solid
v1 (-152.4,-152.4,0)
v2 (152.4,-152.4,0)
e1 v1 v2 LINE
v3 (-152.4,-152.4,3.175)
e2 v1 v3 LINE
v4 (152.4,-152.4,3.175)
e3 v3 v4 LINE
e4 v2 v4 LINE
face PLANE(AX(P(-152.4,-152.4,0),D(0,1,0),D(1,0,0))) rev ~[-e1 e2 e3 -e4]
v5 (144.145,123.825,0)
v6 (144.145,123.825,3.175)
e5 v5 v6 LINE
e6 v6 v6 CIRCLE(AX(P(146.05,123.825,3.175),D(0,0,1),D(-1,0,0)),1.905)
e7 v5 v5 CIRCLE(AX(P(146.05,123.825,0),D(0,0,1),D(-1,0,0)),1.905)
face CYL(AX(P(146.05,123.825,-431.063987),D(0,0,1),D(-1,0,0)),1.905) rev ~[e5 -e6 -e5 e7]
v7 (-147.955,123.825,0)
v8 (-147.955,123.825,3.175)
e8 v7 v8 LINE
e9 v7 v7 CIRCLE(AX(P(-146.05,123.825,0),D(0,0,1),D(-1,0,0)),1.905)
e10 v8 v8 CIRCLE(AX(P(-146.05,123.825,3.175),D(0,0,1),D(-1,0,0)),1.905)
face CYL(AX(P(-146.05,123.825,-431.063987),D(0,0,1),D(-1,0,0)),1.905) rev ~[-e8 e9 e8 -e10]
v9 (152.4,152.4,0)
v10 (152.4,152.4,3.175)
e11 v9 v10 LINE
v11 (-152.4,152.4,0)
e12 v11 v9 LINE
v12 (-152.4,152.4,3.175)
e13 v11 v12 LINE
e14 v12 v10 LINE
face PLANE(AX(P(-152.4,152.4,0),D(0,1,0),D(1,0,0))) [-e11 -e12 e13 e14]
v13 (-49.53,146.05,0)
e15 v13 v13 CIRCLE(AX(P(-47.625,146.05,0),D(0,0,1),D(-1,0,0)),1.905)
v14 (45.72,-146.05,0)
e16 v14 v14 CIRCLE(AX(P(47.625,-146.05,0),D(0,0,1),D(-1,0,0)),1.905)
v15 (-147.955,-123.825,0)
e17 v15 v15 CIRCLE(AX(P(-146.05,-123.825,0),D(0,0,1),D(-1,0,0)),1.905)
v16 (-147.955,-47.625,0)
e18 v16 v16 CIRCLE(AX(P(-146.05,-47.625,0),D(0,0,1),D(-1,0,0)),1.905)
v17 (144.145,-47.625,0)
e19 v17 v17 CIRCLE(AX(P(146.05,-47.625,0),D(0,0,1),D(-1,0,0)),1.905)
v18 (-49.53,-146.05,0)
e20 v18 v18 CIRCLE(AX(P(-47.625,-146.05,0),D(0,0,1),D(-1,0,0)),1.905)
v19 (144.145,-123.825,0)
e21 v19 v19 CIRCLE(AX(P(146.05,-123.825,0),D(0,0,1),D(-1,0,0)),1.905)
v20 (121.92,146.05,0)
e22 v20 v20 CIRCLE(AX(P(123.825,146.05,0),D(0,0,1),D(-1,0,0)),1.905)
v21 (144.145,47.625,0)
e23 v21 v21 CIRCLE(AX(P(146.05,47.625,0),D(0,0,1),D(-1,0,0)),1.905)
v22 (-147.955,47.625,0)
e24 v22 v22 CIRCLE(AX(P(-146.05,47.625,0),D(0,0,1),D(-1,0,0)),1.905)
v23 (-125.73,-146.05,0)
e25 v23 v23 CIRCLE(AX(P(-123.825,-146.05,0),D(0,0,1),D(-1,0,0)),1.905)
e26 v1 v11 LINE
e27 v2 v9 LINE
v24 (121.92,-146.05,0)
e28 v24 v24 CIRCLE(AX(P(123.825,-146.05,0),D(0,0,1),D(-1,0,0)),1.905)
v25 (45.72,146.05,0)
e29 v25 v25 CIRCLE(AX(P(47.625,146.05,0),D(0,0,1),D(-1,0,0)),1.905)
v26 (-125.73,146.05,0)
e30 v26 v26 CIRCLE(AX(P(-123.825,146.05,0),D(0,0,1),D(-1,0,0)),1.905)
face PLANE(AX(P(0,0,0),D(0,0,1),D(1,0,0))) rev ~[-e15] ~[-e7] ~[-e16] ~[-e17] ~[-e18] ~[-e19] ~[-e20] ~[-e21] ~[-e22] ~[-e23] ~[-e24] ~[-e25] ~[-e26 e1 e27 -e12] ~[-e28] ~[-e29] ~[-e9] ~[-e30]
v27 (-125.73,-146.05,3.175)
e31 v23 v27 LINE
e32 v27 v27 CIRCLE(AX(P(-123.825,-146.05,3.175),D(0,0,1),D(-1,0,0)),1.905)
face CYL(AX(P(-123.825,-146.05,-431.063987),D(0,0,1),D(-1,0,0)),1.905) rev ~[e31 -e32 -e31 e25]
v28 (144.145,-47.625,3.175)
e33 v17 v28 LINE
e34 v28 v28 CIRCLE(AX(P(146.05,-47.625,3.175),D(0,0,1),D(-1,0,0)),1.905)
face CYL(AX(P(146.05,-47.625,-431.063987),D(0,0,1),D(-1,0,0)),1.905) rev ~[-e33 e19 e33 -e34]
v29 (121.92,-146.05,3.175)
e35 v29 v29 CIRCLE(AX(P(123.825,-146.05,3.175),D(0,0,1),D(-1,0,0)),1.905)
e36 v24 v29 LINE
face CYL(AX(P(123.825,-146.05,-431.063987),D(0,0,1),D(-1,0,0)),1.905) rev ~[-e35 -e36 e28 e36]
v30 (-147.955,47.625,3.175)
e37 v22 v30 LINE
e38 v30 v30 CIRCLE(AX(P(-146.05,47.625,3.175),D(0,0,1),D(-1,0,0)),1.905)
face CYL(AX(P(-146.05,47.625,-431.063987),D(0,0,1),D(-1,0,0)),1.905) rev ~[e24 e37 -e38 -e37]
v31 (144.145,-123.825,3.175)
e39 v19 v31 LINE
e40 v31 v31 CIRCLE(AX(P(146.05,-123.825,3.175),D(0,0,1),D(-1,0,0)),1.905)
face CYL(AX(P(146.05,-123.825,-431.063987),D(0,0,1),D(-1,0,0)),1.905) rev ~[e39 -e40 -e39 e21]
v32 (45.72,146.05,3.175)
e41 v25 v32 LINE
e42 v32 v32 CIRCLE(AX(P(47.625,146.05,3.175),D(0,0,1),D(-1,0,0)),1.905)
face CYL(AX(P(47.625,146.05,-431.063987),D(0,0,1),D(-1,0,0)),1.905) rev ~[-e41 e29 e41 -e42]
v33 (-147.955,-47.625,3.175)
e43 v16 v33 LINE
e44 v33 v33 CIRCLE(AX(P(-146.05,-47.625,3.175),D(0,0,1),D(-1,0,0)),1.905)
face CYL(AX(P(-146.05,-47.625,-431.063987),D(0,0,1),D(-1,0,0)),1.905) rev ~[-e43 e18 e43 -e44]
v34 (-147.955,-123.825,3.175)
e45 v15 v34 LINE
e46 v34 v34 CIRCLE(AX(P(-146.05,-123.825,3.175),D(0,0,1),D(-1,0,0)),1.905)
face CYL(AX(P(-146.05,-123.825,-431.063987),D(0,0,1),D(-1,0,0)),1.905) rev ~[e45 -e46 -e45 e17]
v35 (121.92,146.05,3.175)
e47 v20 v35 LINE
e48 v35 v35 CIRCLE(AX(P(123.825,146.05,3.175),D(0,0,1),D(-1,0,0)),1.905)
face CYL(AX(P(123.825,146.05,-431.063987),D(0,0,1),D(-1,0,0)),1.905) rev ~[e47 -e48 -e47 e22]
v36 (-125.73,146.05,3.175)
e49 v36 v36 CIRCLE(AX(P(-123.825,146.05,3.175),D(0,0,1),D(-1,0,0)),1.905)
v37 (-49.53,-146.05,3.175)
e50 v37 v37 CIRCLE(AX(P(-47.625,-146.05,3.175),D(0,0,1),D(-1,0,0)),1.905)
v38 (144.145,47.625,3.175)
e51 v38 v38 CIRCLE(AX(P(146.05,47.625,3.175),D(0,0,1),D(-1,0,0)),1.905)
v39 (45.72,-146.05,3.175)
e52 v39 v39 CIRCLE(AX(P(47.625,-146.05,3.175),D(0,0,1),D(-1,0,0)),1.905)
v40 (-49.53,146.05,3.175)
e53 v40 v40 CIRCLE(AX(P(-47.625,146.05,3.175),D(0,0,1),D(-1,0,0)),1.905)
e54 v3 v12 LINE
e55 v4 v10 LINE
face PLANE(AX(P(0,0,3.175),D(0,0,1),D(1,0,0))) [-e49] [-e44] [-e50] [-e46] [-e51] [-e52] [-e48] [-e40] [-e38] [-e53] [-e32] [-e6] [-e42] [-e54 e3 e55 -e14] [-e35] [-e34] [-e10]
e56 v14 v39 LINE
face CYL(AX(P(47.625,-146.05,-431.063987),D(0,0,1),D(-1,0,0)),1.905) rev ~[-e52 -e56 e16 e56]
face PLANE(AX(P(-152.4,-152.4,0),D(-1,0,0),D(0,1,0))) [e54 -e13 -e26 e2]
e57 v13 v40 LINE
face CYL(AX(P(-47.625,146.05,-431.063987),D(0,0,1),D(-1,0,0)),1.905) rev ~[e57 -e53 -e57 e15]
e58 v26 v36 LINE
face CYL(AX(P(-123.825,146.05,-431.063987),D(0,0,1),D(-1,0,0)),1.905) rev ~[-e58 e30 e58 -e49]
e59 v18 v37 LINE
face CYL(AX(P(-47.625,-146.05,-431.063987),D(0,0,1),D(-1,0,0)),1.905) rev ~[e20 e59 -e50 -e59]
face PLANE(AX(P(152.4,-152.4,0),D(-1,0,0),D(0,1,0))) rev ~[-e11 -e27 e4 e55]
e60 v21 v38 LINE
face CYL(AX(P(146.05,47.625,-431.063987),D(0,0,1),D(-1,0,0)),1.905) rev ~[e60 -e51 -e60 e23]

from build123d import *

# Parameters (mm, degrees)
F0_W     = 304.8
F0_H     = 304.8
F1_DEPTH = 3.175
F2_D     = 3.81


with BuildPart() as f1:
    # F0 (on Top) → F1 (new body)
    with BuildSketch(Plane.XY):
        Rectangle(F0_W, F0_H)
    extrude(amount=F1_DEPTH)

    # F2 (through all)
    with Locations(Plane(origin=(0, 0, 0), x_dir=(1, 0, 0), z_dir=(0, 0, -1))):
        with Locations((-146.05, 123.825), (-123.825, 146.05), (123.825, 146.05), (146.05, -123.825), (123.825, -146.05), (-146.05, -123.825), (-123.825, -146.05), (-146.05, 47.625), (-146.05, -47.625), (-47.625, -146.05), (47.625, -146.05), (146.05, -47.625), (146.05, 47.625), (47.625, 146.05), (-47.625, 146.05), (146.05, 123.825)):
            Hole(F2_D / 2)


solid = f1.part
